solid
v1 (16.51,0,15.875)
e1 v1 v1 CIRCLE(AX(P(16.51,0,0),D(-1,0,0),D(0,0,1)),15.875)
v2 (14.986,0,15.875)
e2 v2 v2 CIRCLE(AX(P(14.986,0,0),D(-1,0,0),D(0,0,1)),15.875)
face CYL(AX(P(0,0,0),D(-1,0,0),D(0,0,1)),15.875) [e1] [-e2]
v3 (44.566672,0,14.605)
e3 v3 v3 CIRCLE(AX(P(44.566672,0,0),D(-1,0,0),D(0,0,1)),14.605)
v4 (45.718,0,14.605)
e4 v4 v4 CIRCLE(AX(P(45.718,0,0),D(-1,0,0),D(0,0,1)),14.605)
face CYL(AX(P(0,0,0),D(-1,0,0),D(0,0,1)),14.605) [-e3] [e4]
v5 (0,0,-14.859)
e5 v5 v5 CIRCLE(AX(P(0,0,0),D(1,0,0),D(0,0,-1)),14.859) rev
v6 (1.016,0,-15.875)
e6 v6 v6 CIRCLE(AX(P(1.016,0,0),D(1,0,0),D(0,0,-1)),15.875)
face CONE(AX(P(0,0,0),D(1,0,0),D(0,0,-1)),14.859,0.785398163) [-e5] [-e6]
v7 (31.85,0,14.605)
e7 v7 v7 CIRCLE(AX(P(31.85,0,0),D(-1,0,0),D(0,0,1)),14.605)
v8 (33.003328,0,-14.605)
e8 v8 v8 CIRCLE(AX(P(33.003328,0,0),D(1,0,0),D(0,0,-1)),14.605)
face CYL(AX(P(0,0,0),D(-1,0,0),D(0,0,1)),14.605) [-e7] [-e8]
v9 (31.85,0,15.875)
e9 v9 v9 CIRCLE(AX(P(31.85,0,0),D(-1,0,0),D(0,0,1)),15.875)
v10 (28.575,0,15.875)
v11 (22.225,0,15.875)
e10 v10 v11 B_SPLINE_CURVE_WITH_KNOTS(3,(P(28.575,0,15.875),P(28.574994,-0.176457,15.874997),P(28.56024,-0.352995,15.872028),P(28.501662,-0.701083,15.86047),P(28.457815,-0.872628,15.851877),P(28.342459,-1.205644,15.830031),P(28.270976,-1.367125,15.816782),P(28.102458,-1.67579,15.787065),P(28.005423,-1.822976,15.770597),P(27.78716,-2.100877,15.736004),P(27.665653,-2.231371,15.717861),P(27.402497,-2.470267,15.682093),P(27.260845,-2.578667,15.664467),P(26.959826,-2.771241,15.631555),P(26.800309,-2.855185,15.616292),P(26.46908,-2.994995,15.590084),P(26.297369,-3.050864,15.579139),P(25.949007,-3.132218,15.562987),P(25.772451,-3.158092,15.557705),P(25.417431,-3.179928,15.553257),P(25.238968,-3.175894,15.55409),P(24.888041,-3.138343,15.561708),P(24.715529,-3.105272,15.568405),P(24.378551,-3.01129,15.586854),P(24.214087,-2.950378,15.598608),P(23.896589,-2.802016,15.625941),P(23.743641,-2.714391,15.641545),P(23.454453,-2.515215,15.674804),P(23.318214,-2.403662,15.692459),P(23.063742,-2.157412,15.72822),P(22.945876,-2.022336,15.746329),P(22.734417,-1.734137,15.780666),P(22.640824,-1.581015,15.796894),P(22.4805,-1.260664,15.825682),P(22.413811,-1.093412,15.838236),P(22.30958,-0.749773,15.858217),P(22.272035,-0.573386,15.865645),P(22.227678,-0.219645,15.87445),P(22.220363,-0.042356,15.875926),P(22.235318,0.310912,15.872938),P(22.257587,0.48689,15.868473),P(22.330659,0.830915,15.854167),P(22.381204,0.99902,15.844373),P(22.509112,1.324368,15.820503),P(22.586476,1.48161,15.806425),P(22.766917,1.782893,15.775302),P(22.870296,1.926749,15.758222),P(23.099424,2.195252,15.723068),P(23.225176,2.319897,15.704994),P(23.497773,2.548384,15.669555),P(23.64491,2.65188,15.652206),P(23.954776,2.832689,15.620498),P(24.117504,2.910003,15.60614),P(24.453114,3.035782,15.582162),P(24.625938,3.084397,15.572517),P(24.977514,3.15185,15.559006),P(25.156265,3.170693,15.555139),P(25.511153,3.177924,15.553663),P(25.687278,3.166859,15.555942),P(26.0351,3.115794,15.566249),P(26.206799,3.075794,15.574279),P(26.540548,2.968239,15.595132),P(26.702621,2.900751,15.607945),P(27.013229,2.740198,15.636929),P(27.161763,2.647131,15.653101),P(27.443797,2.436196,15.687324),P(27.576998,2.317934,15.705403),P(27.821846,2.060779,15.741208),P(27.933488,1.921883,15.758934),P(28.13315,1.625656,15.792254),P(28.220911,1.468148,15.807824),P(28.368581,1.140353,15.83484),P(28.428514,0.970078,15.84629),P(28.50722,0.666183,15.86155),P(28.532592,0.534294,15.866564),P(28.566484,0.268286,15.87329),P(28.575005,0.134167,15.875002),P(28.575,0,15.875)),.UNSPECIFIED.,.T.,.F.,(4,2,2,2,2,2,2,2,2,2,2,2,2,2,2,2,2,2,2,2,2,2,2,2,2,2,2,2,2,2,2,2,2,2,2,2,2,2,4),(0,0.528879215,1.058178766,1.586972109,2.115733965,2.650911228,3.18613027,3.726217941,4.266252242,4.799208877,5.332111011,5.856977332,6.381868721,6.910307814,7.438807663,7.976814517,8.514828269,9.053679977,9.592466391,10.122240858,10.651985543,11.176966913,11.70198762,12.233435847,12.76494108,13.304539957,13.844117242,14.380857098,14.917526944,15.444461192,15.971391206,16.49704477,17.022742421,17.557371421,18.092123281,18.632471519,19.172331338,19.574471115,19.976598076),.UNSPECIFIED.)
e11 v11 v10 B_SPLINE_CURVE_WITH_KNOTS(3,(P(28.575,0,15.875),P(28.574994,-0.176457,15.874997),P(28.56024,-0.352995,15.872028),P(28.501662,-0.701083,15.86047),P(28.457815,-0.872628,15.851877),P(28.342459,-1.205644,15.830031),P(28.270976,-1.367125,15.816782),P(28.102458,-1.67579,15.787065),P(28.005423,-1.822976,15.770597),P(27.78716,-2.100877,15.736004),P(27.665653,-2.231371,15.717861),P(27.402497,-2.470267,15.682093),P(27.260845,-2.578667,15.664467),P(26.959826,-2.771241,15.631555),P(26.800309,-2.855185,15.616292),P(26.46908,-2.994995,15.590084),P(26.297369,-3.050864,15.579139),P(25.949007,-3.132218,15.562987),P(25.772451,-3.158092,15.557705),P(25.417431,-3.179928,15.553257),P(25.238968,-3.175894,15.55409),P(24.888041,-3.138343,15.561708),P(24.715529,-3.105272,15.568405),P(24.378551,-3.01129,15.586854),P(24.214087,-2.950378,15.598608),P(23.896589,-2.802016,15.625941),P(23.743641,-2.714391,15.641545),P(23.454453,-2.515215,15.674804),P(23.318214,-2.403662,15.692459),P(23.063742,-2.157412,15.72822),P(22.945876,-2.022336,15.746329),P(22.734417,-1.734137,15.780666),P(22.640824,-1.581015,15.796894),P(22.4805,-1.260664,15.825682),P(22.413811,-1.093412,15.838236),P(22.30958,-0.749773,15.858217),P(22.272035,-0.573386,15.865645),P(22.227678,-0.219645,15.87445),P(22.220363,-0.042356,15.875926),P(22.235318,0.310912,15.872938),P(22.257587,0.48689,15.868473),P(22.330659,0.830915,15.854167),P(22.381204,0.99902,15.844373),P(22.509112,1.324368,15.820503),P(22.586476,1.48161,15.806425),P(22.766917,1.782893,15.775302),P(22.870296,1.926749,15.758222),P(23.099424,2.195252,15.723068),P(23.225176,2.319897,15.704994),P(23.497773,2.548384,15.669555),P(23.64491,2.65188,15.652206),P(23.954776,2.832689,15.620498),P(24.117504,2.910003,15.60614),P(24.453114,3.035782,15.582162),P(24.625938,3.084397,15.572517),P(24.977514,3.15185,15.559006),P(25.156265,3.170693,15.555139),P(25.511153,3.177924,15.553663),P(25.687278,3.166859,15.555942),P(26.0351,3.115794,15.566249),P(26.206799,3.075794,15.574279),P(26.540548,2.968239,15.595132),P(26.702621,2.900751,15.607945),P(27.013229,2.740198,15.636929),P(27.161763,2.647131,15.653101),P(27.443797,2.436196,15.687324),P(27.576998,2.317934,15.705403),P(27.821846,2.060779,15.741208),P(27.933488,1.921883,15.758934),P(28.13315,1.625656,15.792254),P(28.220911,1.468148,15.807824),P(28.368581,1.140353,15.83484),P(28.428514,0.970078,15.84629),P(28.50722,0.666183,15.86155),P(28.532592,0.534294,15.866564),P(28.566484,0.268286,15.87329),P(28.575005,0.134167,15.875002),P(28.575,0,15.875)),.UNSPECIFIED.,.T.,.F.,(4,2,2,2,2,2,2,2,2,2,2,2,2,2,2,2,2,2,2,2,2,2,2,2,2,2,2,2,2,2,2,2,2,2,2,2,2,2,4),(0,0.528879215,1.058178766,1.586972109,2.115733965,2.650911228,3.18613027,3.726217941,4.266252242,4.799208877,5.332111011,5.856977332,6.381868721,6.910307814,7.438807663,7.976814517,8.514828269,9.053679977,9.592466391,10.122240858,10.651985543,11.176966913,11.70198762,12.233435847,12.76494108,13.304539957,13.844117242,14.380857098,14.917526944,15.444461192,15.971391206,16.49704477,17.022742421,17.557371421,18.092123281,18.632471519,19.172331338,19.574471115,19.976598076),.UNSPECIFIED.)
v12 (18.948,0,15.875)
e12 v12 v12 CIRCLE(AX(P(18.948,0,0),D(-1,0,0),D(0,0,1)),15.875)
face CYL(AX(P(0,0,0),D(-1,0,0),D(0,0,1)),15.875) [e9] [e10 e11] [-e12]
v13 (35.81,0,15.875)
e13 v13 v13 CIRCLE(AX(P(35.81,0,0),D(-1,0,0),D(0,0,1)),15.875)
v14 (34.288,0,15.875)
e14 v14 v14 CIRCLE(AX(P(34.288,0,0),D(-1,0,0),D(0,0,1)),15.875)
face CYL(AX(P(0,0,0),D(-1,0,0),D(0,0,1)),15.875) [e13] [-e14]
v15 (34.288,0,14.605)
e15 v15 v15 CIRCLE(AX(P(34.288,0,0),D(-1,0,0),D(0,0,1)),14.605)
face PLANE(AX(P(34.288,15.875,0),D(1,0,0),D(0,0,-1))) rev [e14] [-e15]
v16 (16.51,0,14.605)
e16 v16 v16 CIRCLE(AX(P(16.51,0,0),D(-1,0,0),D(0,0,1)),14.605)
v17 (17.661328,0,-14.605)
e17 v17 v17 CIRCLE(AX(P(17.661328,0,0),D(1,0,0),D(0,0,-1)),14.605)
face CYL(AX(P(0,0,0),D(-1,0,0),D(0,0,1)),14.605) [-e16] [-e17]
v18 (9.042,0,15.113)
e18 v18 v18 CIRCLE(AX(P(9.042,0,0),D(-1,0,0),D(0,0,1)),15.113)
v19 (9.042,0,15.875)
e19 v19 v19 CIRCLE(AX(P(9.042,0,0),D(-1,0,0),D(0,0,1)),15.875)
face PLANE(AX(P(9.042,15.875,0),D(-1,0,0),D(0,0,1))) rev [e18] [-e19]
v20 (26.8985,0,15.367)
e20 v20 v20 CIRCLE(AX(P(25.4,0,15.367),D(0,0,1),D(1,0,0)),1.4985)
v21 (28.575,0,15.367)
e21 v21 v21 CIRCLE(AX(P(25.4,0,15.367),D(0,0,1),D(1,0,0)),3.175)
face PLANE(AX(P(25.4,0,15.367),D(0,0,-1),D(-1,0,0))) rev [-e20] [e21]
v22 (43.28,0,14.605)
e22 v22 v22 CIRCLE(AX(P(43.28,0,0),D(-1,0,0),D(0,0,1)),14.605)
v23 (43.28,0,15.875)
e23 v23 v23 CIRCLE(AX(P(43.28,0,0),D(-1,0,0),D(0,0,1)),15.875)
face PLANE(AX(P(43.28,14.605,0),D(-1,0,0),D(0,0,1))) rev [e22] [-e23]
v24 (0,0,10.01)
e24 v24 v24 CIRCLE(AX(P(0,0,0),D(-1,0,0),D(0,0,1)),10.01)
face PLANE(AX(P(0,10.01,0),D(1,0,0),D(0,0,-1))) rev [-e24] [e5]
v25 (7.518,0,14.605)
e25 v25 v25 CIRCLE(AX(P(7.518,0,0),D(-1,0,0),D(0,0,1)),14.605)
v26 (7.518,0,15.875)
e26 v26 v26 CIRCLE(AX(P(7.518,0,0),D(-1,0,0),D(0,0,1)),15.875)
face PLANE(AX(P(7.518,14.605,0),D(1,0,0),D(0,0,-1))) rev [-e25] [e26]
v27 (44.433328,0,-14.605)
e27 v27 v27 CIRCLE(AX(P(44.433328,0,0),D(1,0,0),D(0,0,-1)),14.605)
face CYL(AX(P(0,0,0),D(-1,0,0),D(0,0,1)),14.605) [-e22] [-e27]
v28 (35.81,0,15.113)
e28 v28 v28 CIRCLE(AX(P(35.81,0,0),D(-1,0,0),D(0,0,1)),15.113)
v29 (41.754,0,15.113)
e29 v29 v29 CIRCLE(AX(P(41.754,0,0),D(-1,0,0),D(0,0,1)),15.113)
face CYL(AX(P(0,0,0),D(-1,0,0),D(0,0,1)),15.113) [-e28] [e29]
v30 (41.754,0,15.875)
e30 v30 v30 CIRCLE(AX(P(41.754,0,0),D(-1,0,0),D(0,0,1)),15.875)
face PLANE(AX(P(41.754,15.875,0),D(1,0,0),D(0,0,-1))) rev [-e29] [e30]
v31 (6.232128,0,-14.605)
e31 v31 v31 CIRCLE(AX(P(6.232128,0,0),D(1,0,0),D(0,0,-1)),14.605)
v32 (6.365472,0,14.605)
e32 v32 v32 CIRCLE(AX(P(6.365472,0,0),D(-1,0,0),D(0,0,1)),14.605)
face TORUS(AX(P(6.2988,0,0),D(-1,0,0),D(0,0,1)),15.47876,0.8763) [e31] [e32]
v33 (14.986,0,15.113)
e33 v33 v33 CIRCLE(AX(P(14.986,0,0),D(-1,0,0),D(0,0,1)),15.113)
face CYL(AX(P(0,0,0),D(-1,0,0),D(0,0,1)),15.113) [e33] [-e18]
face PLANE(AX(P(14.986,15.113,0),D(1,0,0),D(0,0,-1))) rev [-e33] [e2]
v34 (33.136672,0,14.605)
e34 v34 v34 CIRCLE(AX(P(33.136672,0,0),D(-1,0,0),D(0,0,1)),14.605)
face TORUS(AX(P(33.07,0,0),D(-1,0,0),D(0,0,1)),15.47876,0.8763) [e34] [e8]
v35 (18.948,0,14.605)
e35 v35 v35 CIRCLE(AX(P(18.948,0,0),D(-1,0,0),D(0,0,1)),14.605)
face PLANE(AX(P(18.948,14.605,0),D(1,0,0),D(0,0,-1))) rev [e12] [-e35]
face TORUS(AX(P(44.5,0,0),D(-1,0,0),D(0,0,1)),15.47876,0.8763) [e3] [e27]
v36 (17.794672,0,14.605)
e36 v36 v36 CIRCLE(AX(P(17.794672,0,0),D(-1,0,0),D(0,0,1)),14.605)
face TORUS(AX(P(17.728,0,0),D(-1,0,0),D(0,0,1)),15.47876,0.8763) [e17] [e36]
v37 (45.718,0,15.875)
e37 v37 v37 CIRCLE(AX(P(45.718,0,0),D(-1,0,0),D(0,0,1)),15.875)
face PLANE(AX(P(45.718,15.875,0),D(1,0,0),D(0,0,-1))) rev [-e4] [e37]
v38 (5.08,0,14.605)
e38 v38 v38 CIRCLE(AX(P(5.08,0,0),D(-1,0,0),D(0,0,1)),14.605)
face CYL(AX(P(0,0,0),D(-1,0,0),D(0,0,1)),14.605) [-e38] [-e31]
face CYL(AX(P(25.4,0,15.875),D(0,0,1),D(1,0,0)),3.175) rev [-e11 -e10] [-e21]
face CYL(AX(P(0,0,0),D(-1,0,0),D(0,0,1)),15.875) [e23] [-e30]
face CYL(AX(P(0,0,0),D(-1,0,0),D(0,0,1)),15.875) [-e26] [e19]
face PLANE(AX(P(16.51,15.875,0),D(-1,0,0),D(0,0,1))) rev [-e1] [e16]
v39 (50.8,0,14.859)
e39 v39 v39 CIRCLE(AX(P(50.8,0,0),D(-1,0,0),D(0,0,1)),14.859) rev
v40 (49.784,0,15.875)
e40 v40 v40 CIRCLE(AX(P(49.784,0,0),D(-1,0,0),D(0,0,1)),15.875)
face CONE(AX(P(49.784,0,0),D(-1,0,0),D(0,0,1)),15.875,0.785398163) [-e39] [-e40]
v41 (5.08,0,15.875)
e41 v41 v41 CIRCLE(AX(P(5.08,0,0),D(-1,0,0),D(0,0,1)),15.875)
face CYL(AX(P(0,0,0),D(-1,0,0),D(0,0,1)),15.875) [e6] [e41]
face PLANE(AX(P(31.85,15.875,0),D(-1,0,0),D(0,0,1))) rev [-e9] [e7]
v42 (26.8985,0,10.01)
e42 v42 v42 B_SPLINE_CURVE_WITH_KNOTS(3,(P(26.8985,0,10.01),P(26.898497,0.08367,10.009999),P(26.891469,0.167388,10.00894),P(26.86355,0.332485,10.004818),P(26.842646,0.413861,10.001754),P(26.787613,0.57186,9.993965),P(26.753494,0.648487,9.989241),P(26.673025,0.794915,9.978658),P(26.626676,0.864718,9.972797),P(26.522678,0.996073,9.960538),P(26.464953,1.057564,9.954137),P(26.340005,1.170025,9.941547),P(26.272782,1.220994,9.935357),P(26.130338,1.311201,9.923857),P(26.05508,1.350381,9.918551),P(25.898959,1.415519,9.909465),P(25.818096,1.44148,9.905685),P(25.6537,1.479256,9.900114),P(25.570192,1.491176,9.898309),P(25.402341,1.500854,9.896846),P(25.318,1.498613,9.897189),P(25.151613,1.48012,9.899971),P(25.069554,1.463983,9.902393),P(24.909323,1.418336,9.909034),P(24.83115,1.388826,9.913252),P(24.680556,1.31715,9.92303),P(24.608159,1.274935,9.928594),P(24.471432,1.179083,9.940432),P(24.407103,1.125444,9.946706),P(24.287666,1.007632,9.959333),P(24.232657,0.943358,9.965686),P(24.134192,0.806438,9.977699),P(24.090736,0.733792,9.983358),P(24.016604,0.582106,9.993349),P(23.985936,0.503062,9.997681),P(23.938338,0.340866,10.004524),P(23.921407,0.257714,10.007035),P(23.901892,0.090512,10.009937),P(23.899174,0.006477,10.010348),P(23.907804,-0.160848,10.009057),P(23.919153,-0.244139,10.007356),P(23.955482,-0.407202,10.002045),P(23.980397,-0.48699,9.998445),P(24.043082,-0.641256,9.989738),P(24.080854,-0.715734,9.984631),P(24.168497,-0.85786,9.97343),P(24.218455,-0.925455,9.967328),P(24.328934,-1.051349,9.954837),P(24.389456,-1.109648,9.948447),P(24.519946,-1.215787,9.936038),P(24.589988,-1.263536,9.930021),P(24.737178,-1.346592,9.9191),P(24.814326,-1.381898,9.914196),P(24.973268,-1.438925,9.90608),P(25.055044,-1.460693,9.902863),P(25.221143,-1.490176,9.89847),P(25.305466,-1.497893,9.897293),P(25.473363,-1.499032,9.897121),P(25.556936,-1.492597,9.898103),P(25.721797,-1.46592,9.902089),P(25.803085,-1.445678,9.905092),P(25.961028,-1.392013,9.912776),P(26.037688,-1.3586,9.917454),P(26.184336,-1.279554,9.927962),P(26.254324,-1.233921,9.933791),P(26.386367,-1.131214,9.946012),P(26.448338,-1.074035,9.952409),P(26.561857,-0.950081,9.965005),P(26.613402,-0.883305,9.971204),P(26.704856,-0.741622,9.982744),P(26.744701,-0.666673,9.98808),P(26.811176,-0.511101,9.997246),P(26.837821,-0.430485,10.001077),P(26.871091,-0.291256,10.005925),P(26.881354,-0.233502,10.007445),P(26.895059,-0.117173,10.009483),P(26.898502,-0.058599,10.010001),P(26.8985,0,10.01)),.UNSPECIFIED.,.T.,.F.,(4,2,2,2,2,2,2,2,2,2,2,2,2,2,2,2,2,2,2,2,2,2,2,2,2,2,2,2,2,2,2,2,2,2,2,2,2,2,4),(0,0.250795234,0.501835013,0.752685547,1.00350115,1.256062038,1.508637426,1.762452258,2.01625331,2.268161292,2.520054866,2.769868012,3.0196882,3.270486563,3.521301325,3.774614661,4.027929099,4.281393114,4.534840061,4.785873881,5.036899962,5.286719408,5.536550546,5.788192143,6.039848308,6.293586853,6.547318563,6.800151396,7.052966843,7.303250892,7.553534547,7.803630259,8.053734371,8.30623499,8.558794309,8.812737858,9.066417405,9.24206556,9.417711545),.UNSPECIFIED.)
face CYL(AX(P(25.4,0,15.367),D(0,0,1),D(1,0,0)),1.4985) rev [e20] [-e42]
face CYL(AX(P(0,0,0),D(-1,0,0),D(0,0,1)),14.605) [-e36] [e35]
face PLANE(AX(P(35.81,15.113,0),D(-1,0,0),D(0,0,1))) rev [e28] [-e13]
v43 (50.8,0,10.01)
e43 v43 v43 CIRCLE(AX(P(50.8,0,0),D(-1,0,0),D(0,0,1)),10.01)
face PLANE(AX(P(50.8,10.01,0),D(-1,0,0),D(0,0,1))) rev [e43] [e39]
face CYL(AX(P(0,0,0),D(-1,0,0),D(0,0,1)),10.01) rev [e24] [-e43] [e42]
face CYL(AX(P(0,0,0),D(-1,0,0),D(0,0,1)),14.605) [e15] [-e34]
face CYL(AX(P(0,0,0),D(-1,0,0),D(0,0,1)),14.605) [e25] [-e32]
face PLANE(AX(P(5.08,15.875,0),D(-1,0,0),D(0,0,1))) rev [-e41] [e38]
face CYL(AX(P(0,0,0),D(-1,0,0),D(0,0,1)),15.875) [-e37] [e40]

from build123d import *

# Parameters (mm, degrees)
CHAMFER1_SIZE                    = 1.016
F_3_8_0_375_DIAMETER_HOLE1_D     = 6.35
F_3_8_0_375_DIAMETER_HOLE1_DEPTH = 0.508
AIR_HOLE_D                       = 2.4892
AIR_HOLE_DEPTH                   = 6.35
AIR_HOLE_CBORE_D                 = 2.997
AIR_HOLE_CBORE_DEPTH             = 5.994
AIR_HOLE_TIP                     = 0.747831126
SKETCH5_R                        = 0.8763


with BuildPart() as part:
    # Sketch1 → Revolve1 (revolve)
    with BuildSketch(Plane.XY, mode=Mode.PRIVATE) as revolve1_sk:
        Polygon((0, 10.01), (50.8, 10.01), (50.8, 15.875), (45.718, 15.875), (45.718, 14.605), (43.28, 14.605), (43.28, 15.875), (41.754, 15.875), (41.754, 15.113), (35.81, 15.113), (35.81, 15.875), (34.288, 15.875), (34.288, 14.605), (31.85, 14.605), (31.85, 15.875), (18.948, 15.875), (18.948, 14.605), (16.51, 14.605), (16.51, 15.875), (14.986, 15.875), (14.986, 15.113), (9.042, 15.113), (9.042, 15.875), (7.518, 15.875), (7.518, 14.605), (5.08, 14.605), (5.08, 15.875), (0, 15.875), align=None)
    revolve(revolve1_sk.sketch.rotate(Axis((0, 0, 0), (1, 0, 0)), 90), axis=Axis((0, 0, 0), (1, 0, 0)))  # turned: the seam where the file's is

    # Chamfer1
    chamfer1_edges = [part.edges().sort_by_distance(p)[0] for p in [
        (50.8, 0, -15.875),
        (0, 0, -15.875),
    ]]
    chamfer(chamfer1_edges, length=CHAMFER1_SIZE)

    # 3/8 (0.375) Diameter Hole1
    with Locations(Plane(origin=(25.4, 0, 15.875), x_dir=(1, 0, 0), z_dir=(0, 0, 1))):
        with Locations((0, 0)):
            Hole(F_3_8_0_375_DIAMETER_HOLE1_D / 2, depth=F_3_8_0_375_DIAMETER_HOLE1_DEPTH)

    # Air Hole
    with Locations(Plane.XY.offset(15.367)):
        with Locations((25.4, 0)):
            CounterBoreHole(AIR_HOLE_D / 2, AIR_HOLE_CBORE_D / 2, AIR_HOLE_CBORE_DEPTH, depth=AIR_HOLE_DEPTH)
            with Locations((0, 0, -(AIR_HOLE_DEPTH + AIR_HOLE_TIP / 2))):  # 118° drill point
                Cone(0, AIR_HOLE_D / 2, AIR_HOLE_TIP, mode=Mode.SUBTRACT)

    # Sketch5 → Revolve2 (revolve)
    with BuildSketch(Plane.XY, mode=Mode.PRIVATE) as revolve2_sk:
        with Locations((44.5, 15.47876)):
            Circle(SKETCH5_R)
        with Locations((33.07, 15.47876)):
            Circle(SKETCH5_R)
        with Locations((17.728, 15.47876)):
            Circle(SKETCH5_R)
        with Locations((6.2988, 15.47876)):
            Circle(SKETCH5_R)
    revolve(revolve2_sk.sketch.rotate(Axis((0, 0, 0), (1, 0, 0)), 90), axis=Axis((0, 0, 0), (1, 0, 0)))  # turned: the seam where the file's is


solid = part.part
